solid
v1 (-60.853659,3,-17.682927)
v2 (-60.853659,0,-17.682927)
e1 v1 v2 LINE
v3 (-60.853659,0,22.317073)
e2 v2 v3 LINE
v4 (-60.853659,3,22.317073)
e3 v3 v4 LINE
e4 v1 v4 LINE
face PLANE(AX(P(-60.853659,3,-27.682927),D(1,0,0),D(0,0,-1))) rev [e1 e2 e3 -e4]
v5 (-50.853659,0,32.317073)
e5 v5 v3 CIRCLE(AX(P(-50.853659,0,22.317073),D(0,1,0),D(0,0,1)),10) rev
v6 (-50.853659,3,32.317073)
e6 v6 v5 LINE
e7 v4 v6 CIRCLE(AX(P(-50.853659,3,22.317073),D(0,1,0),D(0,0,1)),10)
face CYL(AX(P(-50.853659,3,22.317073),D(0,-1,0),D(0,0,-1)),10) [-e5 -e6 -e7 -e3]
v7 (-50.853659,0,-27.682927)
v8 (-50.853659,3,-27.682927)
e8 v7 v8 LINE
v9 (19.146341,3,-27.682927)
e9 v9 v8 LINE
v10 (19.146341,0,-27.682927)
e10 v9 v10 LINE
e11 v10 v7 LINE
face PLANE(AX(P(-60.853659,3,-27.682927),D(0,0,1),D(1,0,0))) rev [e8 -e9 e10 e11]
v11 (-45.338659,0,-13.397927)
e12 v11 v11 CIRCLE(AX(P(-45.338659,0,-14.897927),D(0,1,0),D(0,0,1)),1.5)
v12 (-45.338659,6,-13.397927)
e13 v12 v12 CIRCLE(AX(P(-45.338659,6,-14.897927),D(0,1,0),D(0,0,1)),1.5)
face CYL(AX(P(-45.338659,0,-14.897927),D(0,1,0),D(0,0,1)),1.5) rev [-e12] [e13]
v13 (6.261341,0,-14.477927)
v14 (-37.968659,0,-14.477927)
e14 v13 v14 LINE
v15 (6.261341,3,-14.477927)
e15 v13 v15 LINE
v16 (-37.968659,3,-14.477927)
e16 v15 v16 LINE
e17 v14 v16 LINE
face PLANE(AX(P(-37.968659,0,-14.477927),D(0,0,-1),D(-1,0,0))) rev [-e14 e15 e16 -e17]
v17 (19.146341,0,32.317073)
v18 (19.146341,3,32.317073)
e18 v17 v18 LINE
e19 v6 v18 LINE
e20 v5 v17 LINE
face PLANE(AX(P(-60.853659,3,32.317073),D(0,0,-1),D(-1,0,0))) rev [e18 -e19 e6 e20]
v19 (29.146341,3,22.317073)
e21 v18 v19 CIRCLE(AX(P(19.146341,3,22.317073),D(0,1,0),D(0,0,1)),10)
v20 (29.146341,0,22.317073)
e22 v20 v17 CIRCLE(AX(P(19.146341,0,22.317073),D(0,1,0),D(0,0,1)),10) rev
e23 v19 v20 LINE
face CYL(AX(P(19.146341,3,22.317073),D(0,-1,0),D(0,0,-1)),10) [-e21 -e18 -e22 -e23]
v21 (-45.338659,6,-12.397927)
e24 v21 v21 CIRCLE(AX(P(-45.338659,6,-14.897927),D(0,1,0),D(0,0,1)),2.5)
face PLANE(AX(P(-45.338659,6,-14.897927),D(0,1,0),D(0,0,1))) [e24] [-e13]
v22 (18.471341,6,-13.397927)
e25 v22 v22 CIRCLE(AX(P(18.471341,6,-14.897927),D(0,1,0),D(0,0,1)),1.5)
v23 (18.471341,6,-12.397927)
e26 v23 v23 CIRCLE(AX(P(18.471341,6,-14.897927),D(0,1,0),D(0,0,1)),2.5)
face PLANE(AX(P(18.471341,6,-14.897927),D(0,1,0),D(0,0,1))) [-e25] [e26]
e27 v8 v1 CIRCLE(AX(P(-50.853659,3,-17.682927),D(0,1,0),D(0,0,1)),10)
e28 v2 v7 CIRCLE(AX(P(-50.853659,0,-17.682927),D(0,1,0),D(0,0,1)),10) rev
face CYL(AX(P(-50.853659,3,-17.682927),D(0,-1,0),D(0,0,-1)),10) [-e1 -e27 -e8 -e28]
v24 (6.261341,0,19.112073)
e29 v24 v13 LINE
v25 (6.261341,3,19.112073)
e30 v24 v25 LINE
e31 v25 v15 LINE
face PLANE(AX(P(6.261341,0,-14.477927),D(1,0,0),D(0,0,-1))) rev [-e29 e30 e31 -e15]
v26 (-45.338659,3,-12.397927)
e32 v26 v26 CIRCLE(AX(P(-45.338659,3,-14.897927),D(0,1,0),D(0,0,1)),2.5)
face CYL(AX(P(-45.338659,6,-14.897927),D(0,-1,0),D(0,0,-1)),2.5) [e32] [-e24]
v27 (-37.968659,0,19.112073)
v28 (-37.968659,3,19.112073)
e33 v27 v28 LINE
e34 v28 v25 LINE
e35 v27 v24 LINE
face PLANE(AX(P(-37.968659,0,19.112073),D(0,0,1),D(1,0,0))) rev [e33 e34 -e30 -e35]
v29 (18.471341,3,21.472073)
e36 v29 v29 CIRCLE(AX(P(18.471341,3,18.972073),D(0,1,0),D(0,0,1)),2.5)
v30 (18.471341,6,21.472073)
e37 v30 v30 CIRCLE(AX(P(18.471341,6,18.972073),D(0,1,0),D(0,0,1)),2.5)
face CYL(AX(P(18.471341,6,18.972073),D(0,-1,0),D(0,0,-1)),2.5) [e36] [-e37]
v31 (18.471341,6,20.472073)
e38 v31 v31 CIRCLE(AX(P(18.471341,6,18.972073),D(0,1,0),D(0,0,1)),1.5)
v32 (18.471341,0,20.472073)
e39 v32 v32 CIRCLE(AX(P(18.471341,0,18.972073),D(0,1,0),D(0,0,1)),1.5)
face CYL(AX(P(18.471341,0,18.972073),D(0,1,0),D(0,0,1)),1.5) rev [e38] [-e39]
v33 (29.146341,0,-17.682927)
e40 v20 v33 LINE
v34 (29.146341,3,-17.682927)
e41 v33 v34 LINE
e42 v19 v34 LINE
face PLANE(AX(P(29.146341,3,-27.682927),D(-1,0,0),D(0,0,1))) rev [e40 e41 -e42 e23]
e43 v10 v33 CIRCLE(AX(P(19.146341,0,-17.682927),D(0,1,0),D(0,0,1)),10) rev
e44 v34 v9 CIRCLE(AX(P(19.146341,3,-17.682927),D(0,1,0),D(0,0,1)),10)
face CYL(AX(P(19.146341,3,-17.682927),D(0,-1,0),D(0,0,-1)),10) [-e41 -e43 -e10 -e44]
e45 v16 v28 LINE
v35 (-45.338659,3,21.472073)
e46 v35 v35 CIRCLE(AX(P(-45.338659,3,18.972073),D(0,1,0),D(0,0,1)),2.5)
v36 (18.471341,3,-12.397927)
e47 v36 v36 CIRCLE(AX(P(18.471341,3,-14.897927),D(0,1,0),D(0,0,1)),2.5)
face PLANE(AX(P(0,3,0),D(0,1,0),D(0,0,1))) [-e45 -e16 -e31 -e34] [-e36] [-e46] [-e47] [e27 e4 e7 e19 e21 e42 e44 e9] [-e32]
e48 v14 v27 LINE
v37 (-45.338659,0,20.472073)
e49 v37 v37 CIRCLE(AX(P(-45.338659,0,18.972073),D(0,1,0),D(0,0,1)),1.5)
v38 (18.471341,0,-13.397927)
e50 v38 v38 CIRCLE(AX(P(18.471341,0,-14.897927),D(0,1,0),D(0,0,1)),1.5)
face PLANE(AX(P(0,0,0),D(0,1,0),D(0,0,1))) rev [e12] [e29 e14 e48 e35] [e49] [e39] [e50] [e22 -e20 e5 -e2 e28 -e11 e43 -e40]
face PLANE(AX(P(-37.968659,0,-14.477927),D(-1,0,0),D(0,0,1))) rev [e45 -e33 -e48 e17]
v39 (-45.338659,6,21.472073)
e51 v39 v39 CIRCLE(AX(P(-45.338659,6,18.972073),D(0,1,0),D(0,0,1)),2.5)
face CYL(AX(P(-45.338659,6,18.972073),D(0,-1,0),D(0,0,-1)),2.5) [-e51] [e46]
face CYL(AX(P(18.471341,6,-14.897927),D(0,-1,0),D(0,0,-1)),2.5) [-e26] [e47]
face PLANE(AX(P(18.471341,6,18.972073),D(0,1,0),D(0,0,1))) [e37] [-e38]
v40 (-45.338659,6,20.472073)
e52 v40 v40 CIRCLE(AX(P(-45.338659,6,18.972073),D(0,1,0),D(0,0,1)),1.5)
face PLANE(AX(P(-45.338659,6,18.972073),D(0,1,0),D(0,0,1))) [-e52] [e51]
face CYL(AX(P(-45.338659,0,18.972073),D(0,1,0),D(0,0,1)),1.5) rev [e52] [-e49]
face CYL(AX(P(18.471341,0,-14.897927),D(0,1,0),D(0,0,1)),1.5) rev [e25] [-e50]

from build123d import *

# Parameters (mm, degrees)
SKETCH_1_W          = 90
SKETCH_1_H          = 60
EXTRUDE_1_DEPTH     = 3
SKETCH_2_R          = 1.5
SKETCH_2_W          = 44.23
SKETCH_2_H          = 33.59
CUT_EXTRUDE_1_DEPTH = 69.967825655
FILLET_1_R          = 10
SKETCH_3_R          = 2.5
EXTRUDE_2_DEPTH     = 3
SKETCH_4_R          = 1.5
CUT_EXTRUDE_2_DEPTH = 70.163292111


with BuildPart() as part:
    # 草圖1 → 填料-伸長1 (new body)
    with BuildSketch(Plane(origin=(0, 0, 0), x_dir=(1, 0, 0), z_dir=(0, 1, 0))):
        with Locations((-15.853658537, -2.317073171)):
            Rectangle(SKETCH_1_W, SKETCH_1_H)
    extrude(amount=EXTRUDE_1_DEPTH)

    # 草圖2 → 除料-伸長1 (cut, through all)
    with BuildSketch(Plane(origin=(0, 3, 0), x_dir=(1, 0, 0), z_dir=(0, 1, 0))):
        with Locations(Location((-45.338658537, 14.897926829, 0), (0, 0, 270))):
            Circle(SKETCH_2_R)
        with Locations(Location((-45.338658537, -18.972073171, 0), (0, 0, 270))):
            Circle(SKETCH_2_R)
        with Locations(Location((18.471341463, 14.897926829, 0), (0, 0, 270))):
            Circle(SKETCH_2_R)
        with Locations(Location((18.471341463, -18.972073171, 0), (0, 0, 270))):
            Circle(SKETCH_2_R)
        with Locations((-15.853658537, -2.317073171)):
            Rectangle(SKETCH_2_W, SKETCH_2_H)
    extrude(amount=-CUT_EXTRUDE_1_DEPTH, mode=Mode.SUBTRACT)

    # 圓角1
    fillet_1_edges = [part.edges().sort_by_distance(p)[0] for p in [
        (-60.853658537, 1.5, -27.682926829),
        (29.146341463, 1.5, -27.682926829),
        (29.146341463, 1.5, 32.317073171),
        (-60.853658537, 1.5, 32.317073171),
    ]]
    fillet(fillet_1_edges, radius=FILLET_1_R)

    # 草圖3 → 填料-伸長2 (add)
    with BuildSketch(Plane(origin=(0, 3, 0), x_dir=(1, 0, 0), z_dir=(0, 1, 0))):
        with Locations(Location((-45.338658537, 14.897926829, 0), (0, 0, 270))):
            Circle(SKETCH_3_R)
        with Locations(Location((-45.338658537, -18.972073171, 0), (0, 0, 270))):
            Circle(SKETCH_3_R)
        with Locations(Location((18.471341463, -18.972073171, 0), (0, 0, 270))):
            Circle(SKETCH_3_R)
        with Locations(Location((18.471341463, 14.897926829, 0), (0, 0, 270))):
            Circle(SKETCH_3_R)
    extrude(amount=EXTRUDE_2_DEPTH)

    # 草圖4 → 除料-伸長2 (cut, through all)
    with BuildSketch(Plane(origin=(0, 6, 0), x_dir=(1, 0, 0), z_dir=(0, 1, 0))):
        with Locations(Location((-45.338658537, 14.897926829, 0), (0, 0, 270))):
            Circle(SKETCH_4_R)
        with Locations(Location((-45.338658537, -18.972073171, 0), (0, 0, 270))):
            Circle(SKETCH_4_R)
        with Locations(Location((18.471341463, 14.897926829, 0), (0, 0, 270))):
            Circle(SKETCH_4_R)
        with Locations(Location((18.471341463, -18.972073171, 0), (0, 0, 270))):
            Circle(SKETCH_4_R)
    extrude(amount=-CUT_EXTRUDE_2_DEPTH, mode=Mode.SUBTRACT)


solid = part.part
